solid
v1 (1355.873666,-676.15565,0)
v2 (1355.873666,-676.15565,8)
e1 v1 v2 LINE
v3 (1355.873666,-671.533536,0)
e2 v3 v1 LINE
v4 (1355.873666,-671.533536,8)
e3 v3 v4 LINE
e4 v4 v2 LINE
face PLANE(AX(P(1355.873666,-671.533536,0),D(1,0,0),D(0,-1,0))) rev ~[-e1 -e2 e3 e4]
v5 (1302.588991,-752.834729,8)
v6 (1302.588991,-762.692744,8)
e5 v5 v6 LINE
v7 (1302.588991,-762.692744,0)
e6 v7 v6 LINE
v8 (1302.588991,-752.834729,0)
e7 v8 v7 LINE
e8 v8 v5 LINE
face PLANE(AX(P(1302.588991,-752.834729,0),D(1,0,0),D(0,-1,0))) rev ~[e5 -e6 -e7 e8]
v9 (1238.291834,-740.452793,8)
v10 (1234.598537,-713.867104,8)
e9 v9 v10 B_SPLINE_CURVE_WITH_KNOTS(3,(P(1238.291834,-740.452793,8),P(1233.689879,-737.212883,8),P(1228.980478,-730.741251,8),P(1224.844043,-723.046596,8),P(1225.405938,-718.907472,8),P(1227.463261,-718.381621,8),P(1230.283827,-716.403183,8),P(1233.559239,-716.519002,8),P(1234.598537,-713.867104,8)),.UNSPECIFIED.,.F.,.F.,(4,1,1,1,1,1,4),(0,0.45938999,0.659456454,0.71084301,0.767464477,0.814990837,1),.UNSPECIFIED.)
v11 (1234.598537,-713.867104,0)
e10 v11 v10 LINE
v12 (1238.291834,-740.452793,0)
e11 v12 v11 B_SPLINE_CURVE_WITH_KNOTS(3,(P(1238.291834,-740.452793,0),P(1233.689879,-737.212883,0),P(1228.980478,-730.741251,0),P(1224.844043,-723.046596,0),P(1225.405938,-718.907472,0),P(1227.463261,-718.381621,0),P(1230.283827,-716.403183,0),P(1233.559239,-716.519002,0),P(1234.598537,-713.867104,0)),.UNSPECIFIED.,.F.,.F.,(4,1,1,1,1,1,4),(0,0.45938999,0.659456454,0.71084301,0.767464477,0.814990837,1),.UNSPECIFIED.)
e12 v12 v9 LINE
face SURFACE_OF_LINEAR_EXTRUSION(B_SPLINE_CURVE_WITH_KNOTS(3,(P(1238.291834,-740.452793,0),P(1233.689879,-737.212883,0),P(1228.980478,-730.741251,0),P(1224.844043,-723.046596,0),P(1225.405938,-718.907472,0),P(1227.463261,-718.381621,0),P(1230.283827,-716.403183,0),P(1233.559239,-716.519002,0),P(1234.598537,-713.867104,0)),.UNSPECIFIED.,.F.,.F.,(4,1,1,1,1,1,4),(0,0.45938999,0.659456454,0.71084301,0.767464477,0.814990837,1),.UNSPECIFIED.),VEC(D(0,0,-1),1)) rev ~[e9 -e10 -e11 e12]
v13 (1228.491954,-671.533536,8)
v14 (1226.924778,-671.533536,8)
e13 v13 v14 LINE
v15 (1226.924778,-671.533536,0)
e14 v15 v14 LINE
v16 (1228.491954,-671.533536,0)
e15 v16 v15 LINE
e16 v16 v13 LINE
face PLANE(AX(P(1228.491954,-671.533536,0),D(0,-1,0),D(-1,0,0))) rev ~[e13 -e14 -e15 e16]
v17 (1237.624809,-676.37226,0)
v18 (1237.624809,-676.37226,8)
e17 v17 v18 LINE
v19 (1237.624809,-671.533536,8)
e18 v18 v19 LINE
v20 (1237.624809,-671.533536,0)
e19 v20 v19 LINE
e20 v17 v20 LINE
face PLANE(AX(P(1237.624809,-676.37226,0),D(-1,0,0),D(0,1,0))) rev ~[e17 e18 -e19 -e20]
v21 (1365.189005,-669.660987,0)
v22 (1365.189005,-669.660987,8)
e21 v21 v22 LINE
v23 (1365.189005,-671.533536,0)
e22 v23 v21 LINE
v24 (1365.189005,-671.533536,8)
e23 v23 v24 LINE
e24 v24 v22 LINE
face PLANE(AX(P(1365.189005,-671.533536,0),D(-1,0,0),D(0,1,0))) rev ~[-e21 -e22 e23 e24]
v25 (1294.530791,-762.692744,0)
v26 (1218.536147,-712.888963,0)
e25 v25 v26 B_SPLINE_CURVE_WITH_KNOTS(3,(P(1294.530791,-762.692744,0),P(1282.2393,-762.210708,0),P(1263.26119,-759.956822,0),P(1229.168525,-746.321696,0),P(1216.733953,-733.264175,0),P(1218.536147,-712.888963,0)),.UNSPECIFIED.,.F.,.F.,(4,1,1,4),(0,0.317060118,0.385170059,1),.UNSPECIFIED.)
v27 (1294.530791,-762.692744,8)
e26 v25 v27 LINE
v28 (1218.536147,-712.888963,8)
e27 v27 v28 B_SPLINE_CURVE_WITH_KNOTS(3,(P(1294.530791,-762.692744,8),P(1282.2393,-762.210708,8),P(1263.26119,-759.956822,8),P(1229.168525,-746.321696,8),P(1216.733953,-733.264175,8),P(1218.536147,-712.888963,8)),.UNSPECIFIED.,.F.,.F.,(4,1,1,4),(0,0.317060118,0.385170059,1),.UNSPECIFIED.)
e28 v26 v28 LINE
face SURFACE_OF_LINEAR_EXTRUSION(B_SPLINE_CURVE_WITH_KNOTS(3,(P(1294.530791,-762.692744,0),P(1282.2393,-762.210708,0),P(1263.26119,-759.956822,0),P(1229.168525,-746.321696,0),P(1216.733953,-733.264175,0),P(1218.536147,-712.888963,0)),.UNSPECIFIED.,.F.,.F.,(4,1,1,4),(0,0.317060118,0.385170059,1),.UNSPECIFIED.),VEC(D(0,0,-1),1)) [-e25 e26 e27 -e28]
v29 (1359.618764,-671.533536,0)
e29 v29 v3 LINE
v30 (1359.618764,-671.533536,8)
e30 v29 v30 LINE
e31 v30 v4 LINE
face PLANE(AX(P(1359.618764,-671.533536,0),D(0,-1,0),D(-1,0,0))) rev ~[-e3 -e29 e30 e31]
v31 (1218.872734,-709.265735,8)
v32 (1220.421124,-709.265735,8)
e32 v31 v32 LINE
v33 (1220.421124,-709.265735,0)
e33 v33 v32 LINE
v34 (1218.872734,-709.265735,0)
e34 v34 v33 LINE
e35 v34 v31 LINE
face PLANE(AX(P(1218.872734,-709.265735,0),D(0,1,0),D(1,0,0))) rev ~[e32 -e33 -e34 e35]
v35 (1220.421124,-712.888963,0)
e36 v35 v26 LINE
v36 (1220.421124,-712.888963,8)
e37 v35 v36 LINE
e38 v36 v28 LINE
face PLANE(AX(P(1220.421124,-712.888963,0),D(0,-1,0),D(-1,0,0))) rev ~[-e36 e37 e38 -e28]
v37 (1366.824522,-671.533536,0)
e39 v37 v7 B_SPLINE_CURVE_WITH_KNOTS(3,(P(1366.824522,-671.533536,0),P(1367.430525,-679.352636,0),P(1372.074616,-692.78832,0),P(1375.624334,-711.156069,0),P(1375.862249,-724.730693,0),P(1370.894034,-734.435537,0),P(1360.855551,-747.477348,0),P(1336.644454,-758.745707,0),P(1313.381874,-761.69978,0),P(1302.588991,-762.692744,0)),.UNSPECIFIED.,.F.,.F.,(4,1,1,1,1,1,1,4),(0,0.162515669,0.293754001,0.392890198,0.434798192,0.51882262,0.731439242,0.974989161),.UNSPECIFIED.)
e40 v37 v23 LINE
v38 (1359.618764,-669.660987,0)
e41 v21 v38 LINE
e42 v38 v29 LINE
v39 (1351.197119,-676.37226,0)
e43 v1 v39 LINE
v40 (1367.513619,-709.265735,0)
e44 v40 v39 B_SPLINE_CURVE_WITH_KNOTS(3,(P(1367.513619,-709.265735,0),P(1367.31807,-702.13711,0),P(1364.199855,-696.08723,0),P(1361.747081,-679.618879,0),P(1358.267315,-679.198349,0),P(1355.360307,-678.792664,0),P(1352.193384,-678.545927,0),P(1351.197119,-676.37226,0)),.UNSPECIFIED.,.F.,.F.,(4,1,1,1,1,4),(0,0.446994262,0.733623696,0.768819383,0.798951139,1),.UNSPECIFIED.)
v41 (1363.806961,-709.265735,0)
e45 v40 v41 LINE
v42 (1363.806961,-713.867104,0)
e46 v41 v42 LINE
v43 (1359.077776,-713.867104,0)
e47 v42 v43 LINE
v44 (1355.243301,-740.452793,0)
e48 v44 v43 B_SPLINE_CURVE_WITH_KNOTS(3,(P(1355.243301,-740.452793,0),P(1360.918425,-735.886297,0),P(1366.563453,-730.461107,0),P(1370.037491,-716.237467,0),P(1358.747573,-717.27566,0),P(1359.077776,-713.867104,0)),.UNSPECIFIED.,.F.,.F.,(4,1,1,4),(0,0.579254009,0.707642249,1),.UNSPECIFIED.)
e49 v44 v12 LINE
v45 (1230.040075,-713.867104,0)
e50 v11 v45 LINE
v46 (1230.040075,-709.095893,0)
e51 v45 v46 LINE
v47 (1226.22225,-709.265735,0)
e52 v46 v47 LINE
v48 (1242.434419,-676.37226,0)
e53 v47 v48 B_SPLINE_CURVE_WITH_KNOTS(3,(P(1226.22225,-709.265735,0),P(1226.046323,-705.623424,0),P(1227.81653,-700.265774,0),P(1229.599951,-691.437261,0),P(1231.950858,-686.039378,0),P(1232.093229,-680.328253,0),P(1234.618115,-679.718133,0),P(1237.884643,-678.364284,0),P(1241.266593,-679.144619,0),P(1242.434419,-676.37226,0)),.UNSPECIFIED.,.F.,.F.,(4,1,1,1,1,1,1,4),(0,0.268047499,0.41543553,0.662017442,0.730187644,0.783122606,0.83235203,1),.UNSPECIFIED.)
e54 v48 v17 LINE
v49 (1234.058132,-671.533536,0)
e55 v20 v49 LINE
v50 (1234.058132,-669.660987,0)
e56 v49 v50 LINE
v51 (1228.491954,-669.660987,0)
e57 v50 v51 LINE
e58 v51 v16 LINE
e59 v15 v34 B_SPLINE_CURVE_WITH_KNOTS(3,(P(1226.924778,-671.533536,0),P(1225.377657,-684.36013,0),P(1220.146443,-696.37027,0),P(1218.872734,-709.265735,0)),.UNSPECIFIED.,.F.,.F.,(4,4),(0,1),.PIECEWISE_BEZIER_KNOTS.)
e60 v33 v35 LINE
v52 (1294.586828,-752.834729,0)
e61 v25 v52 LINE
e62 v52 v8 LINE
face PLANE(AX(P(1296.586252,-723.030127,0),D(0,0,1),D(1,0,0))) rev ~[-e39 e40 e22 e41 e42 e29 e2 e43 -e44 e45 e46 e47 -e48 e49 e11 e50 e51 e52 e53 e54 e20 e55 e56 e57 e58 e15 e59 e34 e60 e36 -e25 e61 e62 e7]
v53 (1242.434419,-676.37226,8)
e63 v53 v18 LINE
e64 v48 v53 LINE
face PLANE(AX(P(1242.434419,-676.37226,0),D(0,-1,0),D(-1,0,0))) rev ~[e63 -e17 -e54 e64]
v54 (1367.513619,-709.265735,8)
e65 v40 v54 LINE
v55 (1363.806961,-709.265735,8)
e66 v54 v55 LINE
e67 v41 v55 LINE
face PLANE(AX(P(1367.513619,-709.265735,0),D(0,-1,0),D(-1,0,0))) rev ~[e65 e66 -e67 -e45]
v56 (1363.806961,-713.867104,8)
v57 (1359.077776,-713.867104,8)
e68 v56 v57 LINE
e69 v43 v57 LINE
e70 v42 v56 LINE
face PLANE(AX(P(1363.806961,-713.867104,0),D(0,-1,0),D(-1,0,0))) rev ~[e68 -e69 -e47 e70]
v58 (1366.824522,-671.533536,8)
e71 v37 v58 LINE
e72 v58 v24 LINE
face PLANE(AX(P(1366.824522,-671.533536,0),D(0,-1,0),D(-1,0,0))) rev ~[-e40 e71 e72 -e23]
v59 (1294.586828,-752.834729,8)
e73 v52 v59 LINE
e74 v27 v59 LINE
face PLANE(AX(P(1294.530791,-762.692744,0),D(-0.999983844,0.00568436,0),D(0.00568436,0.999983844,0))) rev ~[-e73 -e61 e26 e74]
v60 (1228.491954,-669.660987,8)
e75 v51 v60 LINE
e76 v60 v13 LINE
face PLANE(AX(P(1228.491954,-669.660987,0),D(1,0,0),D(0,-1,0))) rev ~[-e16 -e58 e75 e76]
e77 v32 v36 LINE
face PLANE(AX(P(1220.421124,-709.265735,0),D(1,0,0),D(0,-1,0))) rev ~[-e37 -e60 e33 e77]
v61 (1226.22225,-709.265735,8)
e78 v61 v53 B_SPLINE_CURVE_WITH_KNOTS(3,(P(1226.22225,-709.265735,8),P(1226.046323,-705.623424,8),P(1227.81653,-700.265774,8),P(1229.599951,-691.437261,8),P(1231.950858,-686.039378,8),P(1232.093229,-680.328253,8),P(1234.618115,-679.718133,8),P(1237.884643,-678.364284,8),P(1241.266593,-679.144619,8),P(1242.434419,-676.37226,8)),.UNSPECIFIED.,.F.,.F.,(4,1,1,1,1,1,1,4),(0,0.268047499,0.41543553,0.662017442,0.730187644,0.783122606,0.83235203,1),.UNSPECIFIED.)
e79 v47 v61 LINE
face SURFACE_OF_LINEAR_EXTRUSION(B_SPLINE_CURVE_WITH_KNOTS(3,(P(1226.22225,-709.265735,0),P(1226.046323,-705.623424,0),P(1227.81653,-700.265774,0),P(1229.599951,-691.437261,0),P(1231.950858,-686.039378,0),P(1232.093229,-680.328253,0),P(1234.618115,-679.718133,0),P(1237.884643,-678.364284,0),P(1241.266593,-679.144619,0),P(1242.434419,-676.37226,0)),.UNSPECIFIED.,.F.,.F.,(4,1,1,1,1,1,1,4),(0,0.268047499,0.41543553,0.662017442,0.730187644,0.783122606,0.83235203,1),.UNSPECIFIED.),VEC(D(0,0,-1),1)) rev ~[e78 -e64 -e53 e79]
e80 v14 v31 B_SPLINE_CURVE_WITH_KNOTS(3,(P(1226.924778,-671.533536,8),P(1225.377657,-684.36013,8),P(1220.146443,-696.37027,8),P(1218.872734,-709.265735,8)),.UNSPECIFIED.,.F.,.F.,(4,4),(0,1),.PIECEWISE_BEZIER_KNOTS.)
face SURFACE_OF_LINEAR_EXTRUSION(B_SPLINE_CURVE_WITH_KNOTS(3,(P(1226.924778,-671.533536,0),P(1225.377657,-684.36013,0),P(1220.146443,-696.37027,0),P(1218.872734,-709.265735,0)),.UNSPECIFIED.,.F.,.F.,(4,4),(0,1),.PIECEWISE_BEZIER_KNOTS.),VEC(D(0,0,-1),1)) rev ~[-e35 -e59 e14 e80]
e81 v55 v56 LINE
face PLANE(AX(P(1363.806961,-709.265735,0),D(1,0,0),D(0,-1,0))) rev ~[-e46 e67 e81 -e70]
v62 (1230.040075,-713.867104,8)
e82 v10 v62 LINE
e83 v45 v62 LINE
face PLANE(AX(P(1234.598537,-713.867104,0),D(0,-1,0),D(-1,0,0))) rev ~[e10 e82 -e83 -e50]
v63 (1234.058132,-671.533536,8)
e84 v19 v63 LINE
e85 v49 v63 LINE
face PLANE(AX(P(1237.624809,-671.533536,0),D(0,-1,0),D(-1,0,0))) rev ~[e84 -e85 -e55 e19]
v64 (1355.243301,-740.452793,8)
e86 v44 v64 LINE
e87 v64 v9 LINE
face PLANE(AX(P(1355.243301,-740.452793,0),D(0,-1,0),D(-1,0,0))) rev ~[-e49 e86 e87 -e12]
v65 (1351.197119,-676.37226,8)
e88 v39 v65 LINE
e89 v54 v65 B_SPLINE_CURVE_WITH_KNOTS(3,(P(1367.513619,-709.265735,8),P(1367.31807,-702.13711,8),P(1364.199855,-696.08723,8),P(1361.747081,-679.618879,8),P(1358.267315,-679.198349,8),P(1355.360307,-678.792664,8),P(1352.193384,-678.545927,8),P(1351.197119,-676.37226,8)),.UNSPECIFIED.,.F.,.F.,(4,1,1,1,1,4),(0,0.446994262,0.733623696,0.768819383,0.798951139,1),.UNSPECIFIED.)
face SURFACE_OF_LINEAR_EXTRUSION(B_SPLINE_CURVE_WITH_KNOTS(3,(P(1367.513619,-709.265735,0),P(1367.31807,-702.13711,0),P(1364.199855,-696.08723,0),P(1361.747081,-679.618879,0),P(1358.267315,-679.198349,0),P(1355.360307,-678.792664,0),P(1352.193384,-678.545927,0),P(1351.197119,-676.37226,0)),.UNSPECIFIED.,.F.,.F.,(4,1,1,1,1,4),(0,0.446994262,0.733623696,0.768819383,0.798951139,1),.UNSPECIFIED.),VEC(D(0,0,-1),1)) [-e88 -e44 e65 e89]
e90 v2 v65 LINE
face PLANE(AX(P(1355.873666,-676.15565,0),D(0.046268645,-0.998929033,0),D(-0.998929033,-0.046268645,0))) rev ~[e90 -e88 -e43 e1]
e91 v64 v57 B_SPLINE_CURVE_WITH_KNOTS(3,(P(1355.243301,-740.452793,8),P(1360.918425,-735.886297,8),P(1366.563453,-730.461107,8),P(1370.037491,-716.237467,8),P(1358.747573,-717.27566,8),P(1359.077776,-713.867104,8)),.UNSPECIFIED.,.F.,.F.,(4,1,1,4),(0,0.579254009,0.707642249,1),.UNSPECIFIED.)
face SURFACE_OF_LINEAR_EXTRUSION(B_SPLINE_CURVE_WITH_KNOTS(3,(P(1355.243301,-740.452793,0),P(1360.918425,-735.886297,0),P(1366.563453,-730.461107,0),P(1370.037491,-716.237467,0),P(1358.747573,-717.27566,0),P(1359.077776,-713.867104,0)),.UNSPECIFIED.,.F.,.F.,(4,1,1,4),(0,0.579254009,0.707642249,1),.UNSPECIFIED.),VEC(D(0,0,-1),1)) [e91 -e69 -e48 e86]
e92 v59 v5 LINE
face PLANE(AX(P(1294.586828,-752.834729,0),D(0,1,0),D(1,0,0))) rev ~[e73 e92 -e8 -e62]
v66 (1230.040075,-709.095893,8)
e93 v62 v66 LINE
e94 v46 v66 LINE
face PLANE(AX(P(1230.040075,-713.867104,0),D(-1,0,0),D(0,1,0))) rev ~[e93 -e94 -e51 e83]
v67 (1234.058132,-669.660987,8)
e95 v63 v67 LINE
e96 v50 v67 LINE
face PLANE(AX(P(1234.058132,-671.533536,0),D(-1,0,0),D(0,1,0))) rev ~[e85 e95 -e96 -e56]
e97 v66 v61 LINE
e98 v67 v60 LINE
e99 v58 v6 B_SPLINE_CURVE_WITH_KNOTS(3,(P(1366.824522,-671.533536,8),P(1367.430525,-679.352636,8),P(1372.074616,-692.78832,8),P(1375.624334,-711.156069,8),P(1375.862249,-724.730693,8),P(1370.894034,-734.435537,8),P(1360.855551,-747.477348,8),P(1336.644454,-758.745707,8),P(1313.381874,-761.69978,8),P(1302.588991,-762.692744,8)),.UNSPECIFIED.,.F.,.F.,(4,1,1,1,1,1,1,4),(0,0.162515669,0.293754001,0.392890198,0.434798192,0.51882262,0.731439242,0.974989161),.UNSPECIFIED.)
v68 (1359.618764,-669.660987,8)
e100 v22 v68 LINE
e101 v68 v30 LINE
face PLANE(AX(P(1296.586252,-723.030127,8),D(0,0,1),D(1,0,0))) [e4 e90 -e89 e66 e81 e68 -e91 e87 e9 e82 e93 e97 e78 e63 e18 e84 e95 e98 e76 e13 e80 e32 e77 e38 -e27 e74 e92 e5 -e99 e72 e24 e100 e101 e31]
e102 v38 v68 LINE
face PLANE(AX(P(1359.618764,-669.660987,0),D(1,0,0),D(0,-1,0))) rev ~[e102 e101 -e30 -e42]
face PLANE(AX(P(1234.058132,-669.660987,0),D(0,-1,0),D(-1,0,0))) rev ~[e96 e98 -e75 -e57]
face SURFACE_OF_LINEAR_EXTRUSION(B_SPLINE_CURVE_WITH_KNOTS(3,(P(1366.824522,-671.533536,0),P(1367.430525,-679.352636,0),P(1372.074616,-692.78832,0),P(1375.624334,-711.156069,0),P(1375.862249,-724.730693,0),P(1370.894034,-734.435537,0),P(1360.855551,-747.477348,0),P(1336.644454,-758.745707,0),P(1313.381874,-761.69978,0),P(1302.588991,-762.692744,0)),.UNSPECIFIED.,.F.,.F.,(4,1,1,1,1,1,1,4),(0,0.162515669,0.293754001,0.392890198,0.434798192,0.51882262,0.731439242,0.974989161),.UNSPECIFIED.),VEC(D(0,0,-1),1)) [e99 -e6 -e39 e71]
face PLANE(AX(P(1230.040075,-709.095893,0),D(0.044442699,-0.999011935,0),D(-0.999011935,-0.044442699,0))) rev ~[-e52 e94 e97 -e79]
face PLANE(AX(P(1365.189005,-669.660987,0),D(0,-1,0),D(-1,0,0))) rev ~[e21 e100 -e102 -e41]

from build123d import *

# Parameters (mm, degrees)
EXTRUDE_1_DEPTH = 8


with BuildPart() as part:
    # 草图1 → 凸台-拉伸1 (new body)
    with BuildSketch(Plane.XY):
        with BuildLine():
            Line((1355.24330121, -740.452793078), (1238.291833943, -740.452793078))
            add(Edge.make_bspline(
                [(1238.291833943, -740.452793078), (1233.689879401, -737.212882689), (1228.980477618, -730.741250872), (1224.8440429, -723.046596284), (1225.405937622, -718.907471932), (1227.463260768, -718.381620922), (1230.283826997, -716.403182688), (1233.559239125, -716.51900184), (1234.598537372, -713.867104344)],
                knots=[0, 0, 0, 0, 0.45938999, 0.659456454, 0.71084301, 0.767464477, 0.814990837, 1, 1, 1, 1], degree=3))
            Line((1234.598537372, -713.867104344), (1230.040075123, -713.867104344))
            Line((1230.040075123, -713.867104344), (1230.040075123, -709.09589289))
            Line((1230.040075123, -709.09589289), (1226.222250434, -709.26573514))
            add(Edge.make_bspline(
                [(1226.222250434, -709.26573514), (1226.046323038, -705.623423946), (1227.816530462, -700.265774041), (1229.599951415, -691.437260809), (1231.950858473, -686.039377652), (1232.093228592, -680.328253457), (1234.618114616, -679.718133257), (1237.88464285, -678.364284073), (1241.26659321, -679.144619211), (1242.4344187, -676.372259606)],
                knots=[0, 0, 0, 0, 0.268047499, 0.41543553, 0.662017442, 0.730187644, 0.783122606, 0.83235203, 1, 1, 1, 1], degree=3))
            Line((1242.4344187, -676.372259606), (1237.624808781, -676.372259606))
            Line((1237.624808781, -676.372259606), (1237.624808781, -671.533535632))
            Line((1237.624808781, -671.533535632), (1234.058131763, -671.533535632))
            Line((1234.058131763, -671.533535632), (1234.058131763, -669.660986678))
            Line((1234.058131763, -669.660986678), (1228.491953992, -669.660986678))
            Line((1228.491953992, -669.660986678), (1228.491953992, -671.533535632))
            Line((1228.491953992, -671.533535632), (1226.924777726, -671.533535632))
            add(Edge.make_bspline(
                [(1226.924777726, -671.533535632), (1225.377656526, -684.360130196), (1220.146443403, -696.370270117), (1218.872734154, -709.26573514)],
                knots=[0, 0, 0, 0, 1, 1, 1, 1], degree=3))
            Line((1218.872734154, -709.26573514), (1220.421123546, -709.26573514))
            Line((1220.421123546, -709.26573514), (1220.421123546, -712.888962781))
            Line((1220.421123546, -712.888962781), (1218.536146864, -712.888962781))
            add(Edge.make_bspline(
                [(1294.53079088, -762.69274423), (1282.239300267, -762.210707593), (1263.261189746, -759.956821852), (1229.168524501, -746.32169642), (1216.733952557, -733.264175362), (1218.536146864, -712.888962781)],
                knots=[0, 0, 0, 0, 0.317060118, 0.385170059, 1, 1, 1, 1], degree=3))
            Line((1294.53079088, -762.69274423), (1294.586828296, -752.834729184))
            Line((1294.586828296, -752.834729184), (1302.588990627, -752.834729184))
            Line((1302.588990627, -752.834729184), (1302.588990627, -762.69274423))
            add(Edge.make_bspline(
                [(1366.824522024, -671.533535632), (1367.430525307, -679.35263569), (1372.074616406, -692.788319682), (1375.624333503, -711.156068972), (1375.862248993, -724.730693065), (1370.894034202, -734.435537349), (1360.855550617, -747.477348493), (1336.644453989, -758.745706643), (1313.381873631, -761.699780141), (1302.588990627, -762.69274423)],
                knots=[0, 0, 0, 0, 0.162515669, 0.293754001, 0.392890198, 0.434798192, 0.51882262, 0.731439242, 0.974989161, 0.974989161, 0.974989161, 0.974989161], degree=3))
            Line((1366.824522024, -671.533535632), (1365.189004584, -671.533535632))
            Line((1365.189004584, -671.533535632), (1365.189004584, -669.660986678))
            Line((1365.189004584, -669.660986678), (1359.618764024, -669.660986678))
            Line((1359.618764024, -669.660986678), (1359.618764024, -671.533535632))
            Line((1359.618764024, -671.533535632), (1355.873666116, -671.533535632))
            Line((1355.873666116, -671.533535632), (1355.873666116, -676.155650138))
            Line((1355.873666116, -676.155650138), (1351.197119238, -676.372259606))
            add(Edge.make_bspline(
                [(1367.513619087, -709.26573514), (1367.318070201, -702.137109963), (1364.199855253, -696.087230484), (1361.74708079, -679.61887935), (1358.267315006, -679.198349436), (1355.360307113, -678.792663809), (1352.193383637, -678.545927387), (1351.197119238, -676.372259606)],
                knots=[0, 0, 0, 0, 0.446994262, 0.733623696, 0.768819383, 0.798951139, 1, 1, 1, 1], degree=3))
            Line((1367.513619087, -709.26573514), (1363.806960562, -709.26573514))
            Line((1363.806960562, -709.26573514), (1363.806960562, -713.867104344))
            Line((1363.806960562, -713.867104344), (1359.077775547, -713.867104344))
            add(Edge.make_bspline(
                [(1355.24330121, -740.452793078), (1360.918424862, -735.886296992), (1366.563453485, -730.461106971), (1370.037490921, -716.237467329), (1358.747573091, -717.275659732), (1359.077775547, -713.867104344)],
                knots=[0, 0, 0, 0, 0.579254009, 0.707642249, 1, 1, 1, 1], degree=3))
        make_face()
    extrude(amount=EXTRUDE_1_DEPTH)


solid = part.part
